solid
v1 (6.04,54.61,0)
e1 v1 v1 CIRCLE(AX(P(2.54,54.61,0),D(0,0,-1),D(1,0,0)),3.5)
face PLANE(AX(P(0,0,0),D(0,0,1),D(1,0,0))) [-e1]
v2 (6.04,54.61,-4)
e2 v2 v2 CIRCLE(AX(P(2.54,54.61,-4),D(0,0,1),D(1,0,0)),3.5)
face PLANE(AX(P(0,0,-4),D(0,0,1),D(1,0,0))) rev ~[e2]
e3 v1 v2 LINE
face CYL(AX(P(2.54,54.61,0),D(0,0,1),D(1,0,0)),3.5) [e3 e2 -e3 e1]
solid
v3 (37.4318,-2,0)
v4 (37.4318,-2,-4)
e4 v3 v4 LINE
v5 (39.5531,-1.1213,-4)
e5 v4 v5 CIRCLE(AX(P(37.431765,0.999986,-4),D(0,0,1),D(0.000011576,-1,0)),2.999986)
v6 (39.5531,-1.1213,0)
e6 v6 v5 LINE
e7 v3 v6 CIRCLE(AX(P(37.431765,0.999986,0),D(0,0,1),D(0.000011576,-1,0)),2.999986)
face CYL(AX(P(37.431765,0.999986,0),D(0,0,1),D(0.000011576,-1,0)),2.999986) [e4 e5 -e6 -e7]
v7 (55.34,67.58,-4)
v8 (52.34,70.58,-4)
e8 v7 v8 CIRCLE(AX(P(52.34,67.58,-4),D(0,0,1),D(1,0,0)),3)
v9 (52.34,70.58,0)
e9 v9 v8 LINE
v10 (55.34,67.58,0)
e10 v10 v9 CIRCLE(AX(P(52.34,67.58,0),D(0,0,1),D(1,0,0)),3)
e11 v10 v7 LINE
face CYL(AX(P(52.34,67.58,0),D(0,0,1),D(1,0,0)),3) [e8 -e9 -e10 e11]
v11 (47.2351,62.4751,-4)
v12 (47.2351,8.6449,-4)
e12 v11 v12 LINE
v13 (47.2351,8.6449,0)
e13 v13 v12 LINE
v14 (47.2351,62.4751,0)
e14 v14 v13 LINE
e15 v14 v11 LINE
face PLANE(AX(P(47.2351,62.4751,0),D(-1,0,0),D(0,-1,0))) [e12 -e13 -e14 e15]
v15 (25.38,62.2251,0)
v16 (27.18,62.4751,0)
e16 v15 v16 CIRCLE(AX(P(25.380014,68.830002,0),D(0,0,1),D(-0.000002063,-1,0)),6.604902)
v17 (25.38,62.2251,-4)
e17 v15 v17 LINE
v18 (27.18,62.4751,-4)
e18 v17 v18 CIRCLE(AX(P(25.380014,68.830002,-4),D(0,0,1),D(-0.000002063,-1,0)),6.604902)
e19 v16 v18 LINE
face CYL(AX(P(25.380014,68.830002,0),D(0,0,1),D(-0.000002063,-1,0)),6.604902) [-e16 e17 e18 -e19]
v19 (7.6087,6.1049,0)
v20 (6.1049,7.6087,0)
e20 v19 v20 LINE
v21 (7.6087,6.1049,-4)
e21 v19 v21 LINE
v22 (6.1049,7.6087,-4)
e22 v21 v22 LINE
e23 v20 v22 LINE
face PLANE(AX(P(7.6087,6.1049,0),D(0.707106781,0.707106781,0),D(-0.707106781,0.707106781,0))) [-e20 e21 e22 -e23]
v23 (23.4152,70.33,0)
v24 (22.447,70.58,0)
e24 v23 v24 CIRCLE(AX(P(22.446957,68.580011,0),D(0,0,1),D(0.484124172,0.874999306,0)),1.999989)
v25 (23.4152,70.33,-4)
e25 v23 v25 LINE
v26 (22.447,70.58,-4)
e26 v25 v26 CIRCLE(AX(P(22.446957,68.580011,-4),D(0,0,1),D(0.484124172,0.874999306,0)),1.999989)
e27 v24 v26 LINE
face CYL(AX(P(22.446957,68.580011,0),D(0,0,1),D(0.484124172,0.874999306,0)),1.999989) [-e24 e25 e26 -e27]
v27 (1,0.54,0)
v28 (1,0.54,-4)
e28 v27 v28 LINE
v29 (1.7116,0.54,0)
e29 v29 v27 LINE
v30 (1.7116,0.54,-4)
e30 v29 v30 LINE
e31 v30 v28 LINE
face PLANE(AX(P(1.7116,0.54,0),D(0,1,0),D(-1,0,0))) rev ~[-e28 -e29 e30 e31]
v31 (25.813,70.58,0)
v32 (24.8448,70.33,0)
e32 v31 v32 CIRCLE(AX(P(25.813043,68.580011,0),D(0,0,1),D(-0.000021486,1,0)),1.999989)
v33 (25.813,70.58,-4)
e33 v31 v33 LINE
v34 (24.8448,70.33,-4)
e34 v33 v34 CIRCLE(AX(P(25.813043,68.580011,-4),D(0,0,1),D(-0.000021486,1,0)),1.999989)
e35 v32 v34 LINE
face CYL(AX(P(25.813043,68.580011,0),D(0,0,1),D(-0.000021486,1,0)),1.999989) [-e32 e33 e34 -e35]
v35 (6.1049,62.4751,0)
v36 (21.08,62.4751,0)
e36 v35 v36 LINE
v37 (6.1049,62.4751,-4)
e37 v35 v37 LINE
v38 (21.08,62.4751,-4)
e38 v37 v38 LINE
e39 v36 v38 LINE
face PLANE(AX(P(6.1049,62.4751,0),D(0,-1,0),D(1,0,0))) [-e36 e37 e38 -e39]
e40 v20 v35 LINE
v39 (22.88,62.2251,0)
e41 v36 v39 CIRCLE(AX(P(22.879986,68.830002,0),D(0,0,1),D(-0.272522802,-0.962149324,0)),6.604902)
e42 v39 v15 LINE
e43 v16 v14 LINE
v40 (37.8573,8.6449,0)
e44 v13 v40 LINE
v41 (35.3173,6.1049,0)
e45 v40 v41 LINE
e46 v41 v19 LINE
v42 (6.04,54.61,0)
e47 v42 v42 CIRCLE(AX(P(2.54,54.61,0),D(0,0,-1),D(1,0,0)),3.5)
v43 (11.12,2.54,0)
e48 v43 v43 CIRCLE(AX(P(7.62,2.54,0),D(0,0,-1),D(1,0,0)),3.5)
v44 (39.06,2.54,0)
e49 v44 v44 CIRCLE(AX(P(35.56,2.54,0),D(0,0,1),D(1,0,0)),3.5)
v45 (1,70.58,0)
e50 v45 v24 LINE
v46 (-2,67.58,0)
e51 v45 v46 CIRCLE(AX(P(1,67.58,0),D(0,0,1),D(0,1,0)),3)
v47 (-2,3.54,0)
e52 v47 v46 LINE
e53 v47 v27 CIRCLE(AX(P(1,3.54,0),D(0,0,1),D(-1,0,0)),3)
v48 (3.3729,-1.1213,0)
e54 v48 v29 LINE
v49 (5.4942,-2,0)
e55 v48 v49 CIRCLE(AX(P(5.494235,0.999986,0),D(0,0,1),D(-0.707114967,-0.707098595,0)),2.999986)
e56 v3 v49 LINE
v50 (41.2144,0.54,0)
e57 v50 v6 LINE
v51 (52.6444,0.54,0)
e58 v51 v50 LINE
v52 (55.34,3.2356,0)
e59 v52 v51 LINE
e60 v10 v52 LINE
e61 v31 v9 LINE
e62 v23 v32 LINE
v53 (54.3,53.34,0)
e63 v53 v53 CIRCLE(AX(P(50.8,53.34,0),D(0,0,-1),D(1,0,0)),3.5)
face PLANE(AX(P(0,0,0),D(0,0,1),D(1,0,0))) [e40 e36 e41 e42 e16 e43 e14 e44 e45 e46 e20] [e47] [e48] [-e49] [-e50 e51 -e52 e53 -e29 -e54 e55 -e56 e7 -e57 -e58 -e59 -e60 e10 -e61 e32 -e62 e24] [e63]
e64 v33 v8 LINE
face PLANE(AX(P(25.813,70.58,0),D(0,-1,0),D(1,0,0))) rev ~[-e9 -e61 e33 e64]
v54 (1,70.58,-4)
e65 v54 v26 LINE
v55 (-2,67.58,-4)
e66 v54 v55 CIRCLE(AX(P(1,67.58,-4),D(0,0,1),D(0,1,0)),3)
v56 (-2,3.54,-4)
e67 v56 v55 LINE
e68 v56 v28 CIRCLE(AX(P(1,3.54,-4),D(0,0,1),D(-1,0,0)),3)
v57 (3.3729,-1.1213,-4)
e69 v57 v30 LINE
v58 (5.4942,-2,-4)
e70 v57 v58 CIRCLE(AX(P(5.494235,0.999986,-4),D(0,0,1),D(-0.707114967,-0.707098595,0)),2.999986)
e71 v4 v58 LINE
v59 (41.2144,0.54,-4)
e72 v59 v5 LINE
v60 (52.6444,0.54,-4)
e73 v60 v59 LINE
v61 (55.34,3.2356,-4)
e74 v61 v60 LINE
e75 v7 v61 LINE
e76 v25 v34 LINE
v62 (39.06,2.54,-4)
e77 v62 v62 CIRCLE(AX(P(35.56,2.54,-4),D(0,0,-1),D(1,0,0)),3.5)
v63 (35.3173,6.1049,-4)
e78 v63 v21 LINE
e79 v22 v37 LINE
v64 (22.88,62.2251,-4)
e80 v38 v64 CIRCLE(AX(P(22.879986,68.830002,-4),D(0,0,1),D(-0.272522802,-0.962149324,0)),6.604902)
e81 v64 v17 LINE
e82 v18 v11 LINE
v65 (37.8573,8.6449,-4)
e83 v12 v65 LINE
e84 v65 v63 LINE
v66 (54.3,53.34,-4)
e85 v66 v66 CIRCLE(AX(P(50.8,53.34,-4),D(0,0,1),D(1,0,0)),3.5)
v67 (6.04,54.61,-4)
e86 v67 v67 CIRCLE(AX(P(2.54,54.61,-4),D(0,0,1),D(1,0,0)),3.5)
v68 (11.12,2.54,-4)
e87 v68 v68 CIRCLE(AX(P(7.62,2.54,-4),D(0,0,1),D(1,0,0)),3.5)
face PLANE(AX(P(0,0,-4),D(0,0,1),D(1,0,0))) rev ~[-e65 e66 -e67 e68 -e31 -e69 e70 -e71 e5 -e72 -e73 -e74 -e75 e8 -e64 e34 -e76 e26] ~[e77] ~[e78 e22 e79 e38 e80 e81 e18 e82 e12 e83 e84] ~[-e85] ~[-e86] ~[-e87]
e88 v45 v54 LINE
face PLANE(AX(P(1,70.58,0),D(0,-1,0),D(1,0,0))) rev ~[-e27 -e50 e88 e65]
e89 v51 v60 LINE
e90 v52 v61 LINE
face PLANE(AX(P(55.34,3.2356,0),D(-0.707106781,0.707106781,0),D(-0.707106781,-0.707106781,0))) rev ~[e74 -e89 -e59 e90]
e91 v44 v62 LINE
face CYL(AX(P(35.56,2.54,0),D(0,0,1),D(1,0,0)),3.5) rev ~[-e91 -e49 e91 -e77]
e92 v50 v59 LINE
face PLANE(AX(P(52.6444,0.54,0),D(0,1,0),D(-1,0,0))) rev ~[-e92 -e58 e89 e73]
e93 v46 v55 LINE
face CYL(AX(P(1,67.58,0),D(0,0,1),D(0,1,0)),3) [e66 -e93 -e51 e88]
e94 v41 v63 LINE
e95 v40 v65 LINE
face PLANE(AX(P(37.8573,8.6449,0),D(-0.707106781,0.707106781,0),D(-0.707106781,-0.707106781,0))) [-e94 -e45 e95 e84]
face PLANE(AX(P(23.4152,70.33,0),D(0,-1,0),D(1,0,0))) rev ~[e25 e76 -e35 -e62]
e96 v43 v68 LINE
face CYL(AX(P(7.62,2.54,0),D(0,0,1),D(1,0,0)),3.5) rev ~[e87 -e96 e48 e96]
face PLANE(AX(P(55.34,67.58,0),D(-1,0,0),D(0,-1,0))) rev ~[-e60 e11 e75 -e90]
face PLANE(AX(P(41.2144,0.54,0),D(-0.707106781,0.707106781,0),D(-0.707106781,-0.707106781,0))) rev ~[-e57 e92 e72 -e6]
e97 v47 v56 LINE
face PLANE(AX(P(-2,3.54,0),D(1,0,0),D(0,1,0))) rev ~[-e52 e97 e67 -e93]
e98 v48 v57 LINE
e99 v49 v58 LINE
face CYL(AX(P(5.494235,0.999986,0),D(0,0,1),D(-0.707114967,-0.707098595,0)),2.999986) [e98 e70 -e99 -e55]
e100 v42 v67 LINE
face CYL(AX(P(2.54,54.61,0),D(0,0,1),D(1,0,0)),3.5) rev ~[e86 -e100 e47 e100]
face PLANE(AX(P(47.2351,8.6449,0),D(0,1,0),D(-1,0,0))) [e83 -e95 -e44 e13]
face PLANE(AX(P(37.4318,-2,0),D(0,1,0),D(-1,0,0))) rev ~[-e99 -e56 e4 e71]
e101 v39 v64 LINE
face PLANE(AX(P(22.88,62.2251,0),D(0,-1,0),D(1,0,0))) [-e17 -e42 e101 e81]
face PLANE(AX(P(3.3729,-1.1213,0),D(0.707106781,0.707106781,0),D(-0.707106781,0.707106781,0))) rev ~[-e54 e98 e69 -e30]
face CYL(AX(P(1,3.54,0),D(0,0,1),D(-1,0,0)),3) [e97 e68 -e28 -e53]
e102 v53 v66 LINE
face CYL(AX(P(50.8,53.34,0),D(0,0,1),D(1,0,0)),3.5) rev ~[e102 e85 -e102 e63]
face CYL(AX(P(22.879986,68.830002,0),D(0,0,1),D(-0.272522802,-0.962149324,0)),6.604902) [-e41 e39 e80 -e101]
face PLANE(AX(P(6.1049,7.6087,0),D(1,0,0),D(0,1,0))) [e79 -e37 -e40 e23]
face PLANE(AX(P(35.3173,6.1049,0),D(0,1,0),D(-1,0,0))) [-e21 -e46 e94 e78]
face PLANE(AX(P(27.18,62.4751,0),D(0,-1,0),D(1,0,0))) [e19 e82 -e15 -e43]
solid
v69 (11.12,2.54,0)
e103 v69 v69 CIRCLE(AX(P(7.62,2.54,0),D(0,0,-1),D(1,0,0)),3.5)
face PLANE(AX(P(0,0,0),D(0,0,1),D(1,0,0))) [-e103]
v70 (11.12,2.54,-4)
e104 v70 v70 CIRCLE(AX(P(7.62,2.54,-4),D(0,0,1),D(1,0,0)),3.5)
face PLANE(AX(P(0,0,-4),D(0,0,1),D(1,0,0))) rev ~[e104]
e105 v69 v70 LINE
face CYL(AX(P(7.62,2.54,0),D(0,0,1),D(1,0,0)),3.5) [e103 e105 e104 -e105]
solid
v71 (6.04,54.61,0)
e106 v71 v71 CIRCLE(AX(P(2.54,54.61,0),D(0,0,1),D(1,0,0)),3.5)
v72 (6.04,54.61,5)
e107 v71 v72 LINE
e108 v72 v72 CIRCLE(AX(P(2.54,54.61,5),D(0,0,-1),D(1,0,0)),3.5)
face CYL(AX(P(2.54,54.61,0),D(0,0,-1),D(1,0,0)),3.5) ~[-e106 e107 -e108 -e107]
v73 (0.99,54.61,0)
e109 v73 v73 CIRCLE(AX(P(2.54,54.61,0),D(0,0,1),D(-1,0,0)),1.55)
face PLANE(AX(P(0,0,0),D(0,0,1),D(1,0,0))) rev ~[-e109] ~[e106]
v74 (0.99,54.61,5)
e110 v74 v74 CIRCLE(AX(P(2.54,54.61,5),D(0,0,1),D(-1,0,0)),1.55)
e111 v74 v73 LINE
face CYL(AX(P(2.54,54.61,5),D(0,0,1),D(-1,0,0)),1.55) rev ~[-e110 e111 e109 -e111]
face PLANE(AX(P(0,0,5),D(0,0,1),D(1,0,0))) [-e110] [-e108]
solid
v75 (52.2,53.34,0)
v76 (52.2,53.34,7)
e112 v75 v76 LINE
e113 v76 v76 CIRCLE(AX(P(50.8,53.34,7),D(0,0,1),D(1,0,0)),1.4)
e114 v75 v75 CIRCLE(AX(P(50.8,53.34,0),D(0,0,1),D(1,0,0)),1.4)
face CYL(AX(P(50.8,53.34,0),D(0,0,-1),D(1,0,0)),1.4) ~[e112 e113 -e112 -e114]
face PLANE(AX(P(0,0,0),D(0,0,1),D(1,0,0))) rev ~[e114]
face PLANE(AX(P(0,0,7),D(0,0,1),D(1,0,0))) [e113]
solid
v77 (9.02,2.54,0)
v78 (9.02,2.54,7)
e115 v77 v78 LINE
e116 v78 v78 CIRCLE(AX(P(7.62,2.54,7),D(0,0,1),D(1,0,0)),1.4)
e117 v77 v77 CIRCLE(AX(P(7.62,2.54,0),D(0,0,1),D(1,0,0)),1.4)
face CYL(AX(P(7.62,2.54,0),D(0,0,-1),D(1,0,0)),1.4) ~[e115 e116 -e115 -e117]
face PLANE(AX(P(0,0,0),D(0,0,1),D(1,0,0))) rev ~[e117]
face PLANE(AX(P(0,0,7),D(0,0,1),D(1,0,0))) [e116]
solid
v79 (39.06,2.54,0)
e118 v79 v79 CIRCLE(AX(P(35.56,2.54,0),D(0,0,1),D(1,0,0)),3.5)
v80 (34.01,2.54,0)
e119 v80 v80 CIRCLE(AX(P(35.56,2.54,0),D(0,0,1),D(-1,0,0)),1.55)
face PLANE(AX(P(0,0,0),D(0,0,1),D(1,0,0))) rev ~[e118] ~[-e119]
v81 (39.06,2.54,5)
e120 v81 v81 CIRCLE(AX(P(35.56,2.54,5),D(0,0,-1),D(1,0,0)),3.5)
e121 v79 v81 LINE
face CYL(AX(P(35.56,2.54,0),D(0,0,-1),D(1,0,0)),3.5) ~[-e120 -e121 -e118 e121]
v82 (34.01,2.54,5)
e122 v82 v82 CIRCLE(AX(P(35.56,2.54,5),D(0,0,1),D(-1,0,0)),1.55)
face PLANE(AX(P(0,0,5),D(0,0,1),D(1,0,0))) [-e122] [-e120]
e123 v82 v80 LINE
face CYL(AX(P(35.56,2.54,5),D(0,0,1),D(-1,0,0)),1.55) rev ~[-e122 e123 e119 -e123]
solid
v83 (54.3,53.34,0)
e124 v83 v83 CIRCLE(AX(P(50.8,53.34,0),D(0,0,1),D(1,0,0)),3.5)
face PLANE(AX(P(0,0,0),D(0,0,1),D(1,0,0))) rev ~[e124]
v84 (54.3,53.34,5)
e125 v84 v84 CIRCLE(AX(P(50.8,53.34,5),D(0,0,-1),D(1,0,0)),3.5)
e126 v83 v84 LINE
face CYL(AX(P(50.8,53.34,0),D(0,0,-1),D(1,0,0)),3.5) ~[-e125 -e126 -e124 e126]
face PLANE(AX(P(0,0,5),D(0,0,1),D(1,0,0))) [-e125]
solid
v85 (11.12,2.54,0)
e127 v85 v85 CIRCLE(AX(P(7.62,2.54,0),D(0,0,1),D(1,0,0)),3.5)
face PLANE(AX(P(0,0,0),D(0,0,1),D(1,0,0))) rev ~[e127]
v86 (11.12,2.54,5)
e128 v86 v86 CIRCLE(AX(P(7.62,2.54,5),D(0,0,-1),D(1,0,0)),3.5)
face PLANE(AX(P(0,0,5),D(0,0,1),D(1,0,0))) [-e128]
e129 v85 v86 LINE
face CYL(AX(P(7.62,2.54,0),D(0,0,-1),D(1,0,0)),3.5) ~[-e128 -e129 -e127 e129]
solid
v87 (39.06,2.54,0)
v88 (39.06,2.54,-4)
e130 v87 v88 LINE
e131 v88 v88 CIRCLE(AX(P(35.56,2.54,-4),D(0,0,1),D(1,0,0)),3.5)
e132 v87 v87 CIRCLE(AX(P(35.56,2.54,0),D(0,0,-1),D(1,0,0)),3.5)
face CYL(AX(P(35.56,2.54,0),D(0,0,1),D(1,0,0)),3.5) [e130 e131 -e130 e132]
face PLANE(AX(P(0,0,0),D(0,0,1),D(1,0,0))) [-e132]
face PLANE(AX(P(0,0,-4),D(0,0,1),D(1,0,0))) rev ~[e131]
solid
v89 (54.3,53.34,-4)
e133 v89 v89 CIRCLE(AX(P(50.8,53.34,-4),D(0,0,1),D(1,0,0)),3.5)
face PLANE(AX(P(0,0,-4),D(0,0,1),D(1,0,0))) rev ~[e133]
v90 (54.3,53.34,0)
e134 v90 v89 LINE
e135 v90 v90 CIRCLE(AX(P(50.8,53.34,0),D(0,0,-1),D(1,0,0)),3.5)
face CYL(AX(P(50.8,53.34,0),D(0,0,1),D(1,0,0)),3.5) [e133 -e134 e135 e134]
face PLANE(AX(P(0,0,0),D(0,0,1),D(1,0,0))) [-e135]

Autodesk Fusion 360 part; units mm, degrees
sketch "Sketch1" plane through (0, 0, 0) normal (0, 0, 1) x (1, 0, 0)
  arc A0 (38.1389, 0.2929) -> (37.4318, 0) centre (37.4318, 1) cw
  line L0 (53.34, 67.58) -> (53.34, 4.064)
  arc A1 (22.447, 68.58) -> (22.88, 68.33) centre (22.88, 68.83) ccw
  line L1 (25.813, 68.58) -> (52.34, 68.58)
  line L2 (1, 68.58) -> (22.447, 68.58)
  line L3 (0, 3.54) -> (0, 67.58)
  arc A2 (5.4942, 0) -> (4.7871, 0.2929) centre (5.4942, 1) cw
  line L4 (40.386, 2.54) -> (38.1389, 0.2929)
  line L5 (4.7871, 0.2929) -> (2.54, 2.54)
  line L6 (22.88, 68.33) -> (25.38, 68.33)
  line L7 (37.4318, 0) -> (5.4942, 0)
  line L8 (2.54, 2.54) -> (1, 2.54)
  arc A3 (52.34, 68.58) -> (53.34, 67.58) centre (52.34, 67.58) cw
  line L9 (51.816, 2.54) -> (40.386, 2.54)
  arc A4 (0, 67.58) -> (1, 68.58) centre (1, 67.58) cw
  arc A5 (25.38, 68.33) -> (25.813, 68.58) centre (25.38, 68.83) ccw
  line L10 (53.34, 4.064) -> (51.816, 2.54)
  arc A6 (1, 2.54) -> (0, 3.54) centre (1, 3.54) cw
  circle A7 centre (2.54, 54.61) radius 1.55
  circle A8 centre (50.8, 53.34) radius 1.4
  circle A9 centre (35.56, 2.54) radius 1.55
  circle A10 centre (7.62, 2.54) radius 1.4
  line L11 (23.4152, 70.33) -> (24.8448, 70.33)
  arc A11 (25.813, 70.58) -> (24.8448, 70.33) centre (25.813, 68.58) ccw
  line L12 (25.813, 70.58) -> (52.34, 70.58)
  arc A12 (55.34, 67.58) -> (52.34, 70.58) centre (52.34, 67.58) ccw
  line L13 (55.34, 67.58) -> (55.34, 3.2356)
  line L14 (55.34, 3.2356) -> (52.6444, 0.54)
  line L15 (52.6444, 0.54) -> (41.2144, 0.54)
  line L16 (41.2144, 0.54) -> (39.5531, -1.1213)
  arc A13 (37.4318, -2) -> (39.5531, -1.1213) centre (37.4318, 1) ccw
  line L17 (37.4318, -2) -> (5.4942, -2)
  arc A14 (3.3729, -1.1213) -> (5.4942, -2) centre (5.4942, 1) ccw
  line L18 (3.3729, -1.1213) -> (1.7116, 0.54)
  line L19 (1.7116, 0.54) -> (1, 0.54)
  arc A15 (-2, 3.54) -> (1, 0.54) centre (1, 3.54) ccw
  line L20 (-2, 3.54) -> (-2, 67.58)
  arc A16 (1, 70.58) -> (-2, 67.58) centre (1, 67.58) ccw
  line L21 (1, 70.58) -> (22.447, 70.58)
  arc A17 (23.4152, 70.33) -> (22.447, 70.58) centre (22.447, 68.58) ccw
  circle A18 centre (50.8, 53.34) radius 3.5
  circle A19 centre (35.56, 2.54) radius 3.5
  circle A20 centre (7.62, 2.54) radius 3.5
  circle A21 centre (2.54, 54.61) radius 3.5
  line L22 (47.2351, 62.4751) -> (47.2351, 8.6449)
  line L23 (47.2351, 8.6449) -> (37.8573, 8.6449)
  line L24 (37.8573, 8.6449) -> (35.3173, 6.1049)
  line L25 (35.3173, 6.1049) -> (7.6087, 6.1049)
  line L26 (7.6087, 6.1049) -> (6.1049, 7.6087)
  line L27 (6.1049, 7.6087) -> (6.1049, 62.4751)
  line L28 (6.1049, 62.4751) -> (21.08, 62.4751)
  arc A22 (21.08, 62.4751) -> (22.88, 62.2251) centre (22.88, 68.83) ccw
  line L29 (22.88, 62.2251) -> (25.38, 62.2251)
  arc A23 (25.38, 62.2251) -> (27.18, 62.4751) centre (25.38, 68.83) ccw
  line L30 (27.18, 62.4751) -> (47.2351, 62.4751)
  dimension "d1" = 3.1
  dimension "d2" = 2.8
  dimension "d3" = 2.8
  dimension "d8" = -2
  dimension "d9" = 7
  dimension "d10" = 7
  dimension "d11" = 3.1
  dimension "d12" = 7
  dimension "d13" = 7
  dimension "d14" = 6.1049
extrude "Extrude2" add sketch "Sketch1" along normal blind 5 contours A0 L4 L7 A19 | A0 L4 L7 A19 | A2 L7 A20 | A2 L7 A20 | L0 A18 | L0 A18 | L3 A21 | L3 A21 | A7 | A8 | A9 | A10 makes body 1 at (11.1156, 2.7145, 1.6667) makes body 2 at (6.0226, 54.2615, 1.6667) makes body 3 at (39.0426, 2.8885, 3.3333) makes body 4 at (54.2826, 53.6885, 3.3333)
extrude "Extrude3" add sketch "Sketch1" along normal blind 7 separate body contours A8 | A10 makes body 5 at (49.6054, 52.61, 4.6667) makes body 6 at (9.0183, 2.4702, 4.6667)
extrude "Extrude4" add sketch "Sketch1" against normal blind 4 separate body contours L0 A1 L1 L2 L3 A2 L4 L5 L6 L7 L8 A3 L9 A4 A5 L10 A6 A18 A19 A20 A21 | L11 A11 L12 A12 L13 L14 L15 L16 A13 L17 A14 L18 L19 A15 L20 A16 L21 A17 makes body 7
sketch "Sketch2" plane through (0, 0, 5) normal (0, 0, 1) x (-1, 0, 0)
  circle A0 centre (-2.54, -54.61) radius 3.5
  circle A1 centre (-2.54, -54.61) radius 1.55
  dimension "d21" = 3.1
extrude "Extrude5" cut sketch "Sketch2" against normal blind 5 contours A1 bodies 2
sketch "Sketch3" plane through (0, 0, 5) normal (0, 0, 1) x (-1, 0, 0)
  circle A0 centre (-35.56, -2.54) radius 3.5
  circle A1 centre (-35.56, -2.54) radius 1.55
  dimension "d24" = 3.1
extrude "Extrude6" cut sketch "Sketch3" against normal blind 5 contours A1 bodies 3
extrude "Extrude7" add sketch "Sketch1" against normal up to surface (4 mm away) separate body contours A0 L4 L7 A19 | A0 L4 L7 A19 | A2 L7 A20 | A2 L7 A20 | L0 A18 | L0 A18 | L3 A21 | L3 A21 | A7 | A8 | A9 | A10 makes body 8 at (11.1026, 2.1915, -1.3333) makes body 9 at (6.0356, 54.4355, -2.6667) makes body 10 at (39.0426, 2.8885, -1.3333) makes body 11 at (54.2826, 53.6885, -1.3333)
equation "d1 = d11"
equation "d2 = d3"
equation "MountHeight = 5 mm"
equation "d10 = d9"
equation "d12 = d9"
equation "d13 = d9"
equation "d15 = MountHeight"
equation "d17 = MountHeight + 2 mm"
